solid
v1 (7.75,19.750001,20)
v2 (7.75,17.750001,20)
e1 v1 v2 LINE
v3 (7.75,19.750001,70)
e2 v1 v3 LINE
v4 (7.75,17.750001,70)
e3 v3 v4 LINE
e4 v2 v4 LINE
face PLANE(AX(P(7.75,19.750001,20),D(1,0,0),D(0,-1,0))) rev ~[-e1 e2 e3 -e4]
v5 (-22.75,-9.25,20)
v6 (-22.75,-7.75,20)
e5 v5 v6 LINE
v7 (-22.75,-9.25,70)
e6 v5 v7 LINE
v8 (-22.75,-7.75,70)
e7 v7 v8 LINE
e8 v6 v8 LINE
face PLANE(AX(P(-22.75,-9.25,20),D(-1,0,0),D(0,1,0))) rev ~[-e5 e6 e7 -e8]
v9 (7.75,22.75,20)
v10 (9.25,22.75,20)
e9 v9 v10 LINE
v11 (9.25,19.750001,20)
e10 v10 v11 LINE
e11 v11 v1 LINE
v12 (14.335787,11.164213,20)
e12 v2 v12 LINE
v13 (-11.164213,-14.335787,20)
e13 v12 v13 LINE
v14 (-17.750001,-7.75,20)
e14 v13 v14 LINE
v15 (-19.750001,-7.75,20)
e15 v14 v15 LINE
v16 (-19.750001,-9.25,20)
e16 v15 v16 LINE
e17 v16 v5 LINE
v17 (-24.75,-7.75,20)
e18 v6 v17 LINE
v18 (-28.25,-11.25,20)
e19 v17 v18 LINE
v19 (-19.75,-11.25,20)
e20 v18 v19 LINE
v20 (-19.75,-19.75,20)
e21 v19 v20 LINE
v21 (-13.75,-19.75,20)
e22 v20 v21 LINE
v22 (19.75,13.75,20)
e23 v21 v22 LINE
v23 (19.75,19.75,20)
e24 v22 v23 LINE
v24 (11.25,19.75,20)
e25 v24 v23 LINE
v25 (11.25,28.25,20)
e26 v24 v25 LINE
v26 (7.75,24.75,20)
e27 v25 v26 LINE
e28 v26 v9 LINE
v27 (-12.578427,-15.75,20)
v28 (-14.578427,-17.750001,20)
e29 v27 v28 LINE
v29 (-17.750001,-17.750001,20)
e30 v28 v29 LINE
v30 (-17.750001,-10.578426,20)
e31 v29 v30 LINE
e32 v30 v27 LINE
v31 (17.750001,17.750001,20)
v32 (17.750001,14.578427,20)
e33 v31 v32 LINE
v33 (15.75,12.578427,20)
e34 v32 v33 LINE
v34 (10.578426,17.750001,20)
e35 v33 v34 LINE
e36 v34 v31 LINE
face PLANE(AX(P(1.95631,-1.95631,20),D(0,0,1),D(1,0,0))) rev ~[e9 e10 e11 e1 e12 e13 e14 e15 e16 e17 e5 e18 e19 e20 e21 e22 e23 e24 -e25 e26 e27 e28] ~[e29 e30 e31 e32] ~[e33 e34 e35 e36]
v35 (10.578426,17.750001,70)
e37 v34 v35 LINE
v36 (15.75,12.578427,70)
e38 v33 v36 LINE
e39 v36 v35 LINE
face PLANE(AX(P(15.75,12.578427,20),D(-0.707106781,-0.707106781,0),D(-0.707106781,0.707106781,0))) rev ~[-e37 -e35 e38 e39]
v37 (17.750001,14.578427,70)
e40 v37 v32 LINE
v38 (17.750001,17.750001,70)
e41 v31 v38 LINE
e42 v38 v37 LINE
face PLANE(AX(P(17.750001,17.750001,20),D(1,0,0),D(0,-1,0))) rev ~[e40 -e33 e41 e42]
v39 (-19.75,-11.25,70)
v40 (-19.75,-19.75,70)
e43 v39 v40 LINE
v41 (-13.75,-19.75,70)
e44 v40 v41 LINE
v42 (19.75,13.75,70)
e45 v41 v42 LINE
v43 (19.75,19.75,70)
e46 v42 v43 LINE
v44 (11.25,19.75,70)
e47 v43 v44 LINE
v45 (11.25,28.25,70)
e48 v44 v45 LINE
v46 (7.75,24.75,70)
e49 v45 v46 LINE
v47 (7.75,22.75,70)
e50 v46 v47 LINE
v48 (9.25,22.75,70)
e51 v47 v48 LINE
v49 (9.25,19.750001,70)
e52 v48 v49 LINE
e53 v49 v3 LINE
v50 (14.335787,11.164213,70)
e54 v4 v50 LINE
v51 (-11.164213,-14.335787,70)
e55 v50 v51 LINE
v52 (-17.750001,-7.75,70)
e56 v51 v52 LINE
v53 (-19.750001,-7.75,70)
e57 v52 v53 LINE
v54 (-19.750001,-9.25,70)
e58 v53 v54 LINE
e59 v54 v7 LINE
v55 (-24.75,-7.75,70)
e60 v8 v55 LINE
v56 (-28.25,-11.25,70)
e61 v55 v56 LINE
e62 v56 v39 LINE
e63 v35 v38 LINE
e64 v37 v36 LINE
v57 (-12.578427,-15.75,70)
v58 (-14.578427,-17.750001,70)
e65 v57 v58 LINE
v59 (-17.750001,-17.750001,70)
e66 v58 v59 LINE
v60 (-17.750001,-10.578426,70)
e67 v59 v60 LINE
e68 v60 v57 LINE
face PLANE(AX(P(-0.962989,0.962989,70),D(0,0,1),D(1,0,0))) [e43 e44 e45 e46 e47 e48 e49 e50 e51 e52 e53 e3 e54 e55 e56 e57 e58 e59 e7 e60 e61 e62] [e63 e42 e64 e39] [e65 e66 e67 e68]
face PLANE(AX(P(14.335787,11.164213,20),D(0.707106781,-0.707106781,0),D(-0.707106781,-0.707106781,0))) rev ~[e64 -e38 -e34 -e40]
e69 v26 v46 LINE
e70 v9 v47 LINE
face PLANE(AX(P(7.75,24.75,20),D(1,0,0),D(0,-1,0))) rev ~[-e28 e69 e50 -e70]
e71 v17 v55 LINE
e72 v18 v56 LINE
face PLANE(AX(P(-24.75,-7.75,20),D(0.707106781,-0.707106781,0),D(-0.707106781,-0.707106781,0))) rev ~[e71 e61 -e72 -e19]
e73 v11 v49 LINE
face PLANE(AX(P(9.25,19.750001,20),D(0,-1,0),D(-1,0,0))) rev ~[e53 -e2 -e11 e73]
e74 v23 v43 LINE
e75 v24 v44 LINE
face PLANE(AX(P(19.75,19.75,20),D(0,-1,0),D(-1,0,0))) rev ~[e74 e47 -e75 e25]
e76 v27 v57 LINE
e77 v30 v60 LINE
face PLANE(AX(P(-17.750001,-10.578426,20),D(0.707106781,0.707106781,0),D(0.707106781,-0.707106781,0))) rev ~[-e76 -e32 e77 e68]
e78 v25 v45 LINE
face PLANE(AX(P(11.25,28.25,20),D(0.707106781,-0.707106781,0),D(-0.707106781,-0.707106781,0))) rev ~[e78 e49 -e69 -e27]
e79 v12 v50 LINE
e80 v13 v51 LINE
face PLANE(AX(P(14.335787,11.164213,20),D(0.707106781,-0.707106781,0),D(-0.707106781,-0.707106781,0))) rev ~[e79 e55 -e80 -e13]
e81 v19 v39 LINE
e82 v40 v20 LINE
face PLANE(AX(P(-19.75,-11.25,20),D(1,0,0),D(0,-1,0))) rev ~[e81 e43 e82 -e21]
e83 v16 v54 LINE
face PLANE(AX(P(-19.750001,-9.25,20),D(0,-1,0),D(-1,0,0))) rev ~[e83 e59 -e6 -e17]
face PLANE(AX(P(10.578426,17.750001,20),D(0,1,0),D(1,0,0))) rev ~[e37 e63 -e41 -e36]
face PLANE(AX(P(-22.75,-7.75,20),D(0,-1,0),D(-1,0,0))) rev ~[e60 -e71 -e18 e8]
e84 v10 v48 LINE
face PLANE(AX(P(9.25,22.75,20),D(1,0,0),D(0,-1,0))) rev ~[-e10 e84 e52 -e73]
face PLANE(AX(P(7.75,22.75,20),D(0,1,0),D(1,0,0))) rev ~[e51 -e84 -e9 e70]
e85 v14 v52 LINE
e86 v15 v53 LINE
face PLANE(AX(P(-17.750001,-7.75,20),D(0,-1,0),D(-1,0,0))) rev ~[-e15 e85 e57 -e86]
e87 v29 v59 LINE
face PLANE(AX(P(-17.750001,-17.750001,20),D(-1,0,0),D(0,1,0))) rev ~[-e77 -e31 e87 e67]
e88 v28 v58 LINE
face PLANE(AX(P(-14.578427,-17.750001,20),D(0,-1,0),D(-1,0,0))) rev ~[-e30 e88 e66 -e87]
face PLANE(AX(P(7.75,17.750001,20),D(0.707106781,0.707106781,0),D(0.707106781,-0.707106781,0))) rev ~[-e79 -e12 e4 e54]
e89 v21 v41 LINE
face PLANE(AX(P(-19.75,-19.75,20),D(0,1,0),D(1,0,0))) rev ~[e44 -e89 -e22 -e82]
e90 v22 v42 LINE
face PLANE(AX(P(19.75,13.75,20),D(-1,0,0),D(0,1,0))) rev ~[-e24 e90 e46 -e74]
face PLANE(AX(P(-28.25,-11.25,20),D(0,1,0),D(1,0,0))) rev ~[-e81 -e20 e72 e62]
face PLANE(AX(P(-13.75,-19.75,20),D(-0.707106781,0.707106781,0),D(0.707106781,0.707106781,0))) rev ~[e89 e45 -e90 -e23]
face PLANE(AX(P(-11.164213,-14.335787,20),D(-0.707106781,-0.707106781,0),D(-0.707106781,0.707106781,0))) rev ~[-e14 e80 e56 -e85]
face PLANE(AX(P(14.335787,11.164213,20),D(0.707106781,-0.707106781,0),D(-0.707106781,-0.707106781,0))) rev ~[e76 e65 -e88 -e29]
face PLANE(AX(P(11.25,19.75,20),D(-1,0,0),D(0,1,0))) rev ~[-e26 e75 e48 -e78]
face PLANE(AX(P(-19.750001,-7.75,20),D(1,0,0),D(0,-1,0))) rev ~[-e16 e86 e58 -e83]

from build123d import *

# Parameters (mm, degrees)
F1_DEPTH = 20
F3_DEPTH = 50
F5_DEPTH = 20


with BuildPart() as f1:
    # F0 (on Top) → F1 (new body)
    with BuildSketch(Plane.XY):
        Polygon((-19.75, -17.7500005811), (-19.75, -19.75), (-13.75, -19.75), (19.75, 13.75), (19.75, 19.75), (17.7500005811, 19.75), (17.7500005811, 14.578426884), (-14.578426884, -17.7500005811), align=None)
    extrude(amount=F1_DEPTH)

    # F2 (on face) → F3 (join)
    with BuildSketch(Plane.XY.offset(20)):
        Polygon((-19.75, -19.75), (-13.75, -19.75), (19.75, 13.75), (19.75, 19.75), (11.25, 19.75), (11.25, 28.25), (7.75, 24.75), (7.75, 22.75), (9.25, 22.75), (9.25, 19.7500005811), (7.75, 19.7500005811), (7.75, 17.7500005811), (14.3357871391, 11.164213442), (-11.164213442, -14.3357871391), (-17.7500005811, -7.75), (-19.7500005811, -7.75), (-19.7500005811, -9.25), (-22.75, -9.25), (-22.75, -7.75), (-24.75, -7.75), (-28.25, -11.25), (-19.75, -11.25), align=None)
        Polygon((-14.578426884, -17.7500005811), (-17.7500005811, -17.7500005811), (-17.7500005811, -10.5784263029), (-12.5784265935, -15.7500002906), align=None, mode=Mode.SUBTRACT)
        Polygon((10.5784263029, 17.7500005811), (17.7500005811, 17.7500005811), (17.7500005811, 14.578426884), (15.7500002906, 12.5784265935), align=None, mode=Mode.SUBTRACT)
    extrude(amount=F3_DEPTH)

    # F5 (cut, through all): a face of the model
    f5_faces = [f1.faces().sort_by_distance(p)[0] for p in [
        (2.0288816122, -2.0288816122, 0),
    ]]
    extrude(f5_faces, amount=-F5_DEPTH, mode=Mode.SUBTRACT)


solid = f1.part
